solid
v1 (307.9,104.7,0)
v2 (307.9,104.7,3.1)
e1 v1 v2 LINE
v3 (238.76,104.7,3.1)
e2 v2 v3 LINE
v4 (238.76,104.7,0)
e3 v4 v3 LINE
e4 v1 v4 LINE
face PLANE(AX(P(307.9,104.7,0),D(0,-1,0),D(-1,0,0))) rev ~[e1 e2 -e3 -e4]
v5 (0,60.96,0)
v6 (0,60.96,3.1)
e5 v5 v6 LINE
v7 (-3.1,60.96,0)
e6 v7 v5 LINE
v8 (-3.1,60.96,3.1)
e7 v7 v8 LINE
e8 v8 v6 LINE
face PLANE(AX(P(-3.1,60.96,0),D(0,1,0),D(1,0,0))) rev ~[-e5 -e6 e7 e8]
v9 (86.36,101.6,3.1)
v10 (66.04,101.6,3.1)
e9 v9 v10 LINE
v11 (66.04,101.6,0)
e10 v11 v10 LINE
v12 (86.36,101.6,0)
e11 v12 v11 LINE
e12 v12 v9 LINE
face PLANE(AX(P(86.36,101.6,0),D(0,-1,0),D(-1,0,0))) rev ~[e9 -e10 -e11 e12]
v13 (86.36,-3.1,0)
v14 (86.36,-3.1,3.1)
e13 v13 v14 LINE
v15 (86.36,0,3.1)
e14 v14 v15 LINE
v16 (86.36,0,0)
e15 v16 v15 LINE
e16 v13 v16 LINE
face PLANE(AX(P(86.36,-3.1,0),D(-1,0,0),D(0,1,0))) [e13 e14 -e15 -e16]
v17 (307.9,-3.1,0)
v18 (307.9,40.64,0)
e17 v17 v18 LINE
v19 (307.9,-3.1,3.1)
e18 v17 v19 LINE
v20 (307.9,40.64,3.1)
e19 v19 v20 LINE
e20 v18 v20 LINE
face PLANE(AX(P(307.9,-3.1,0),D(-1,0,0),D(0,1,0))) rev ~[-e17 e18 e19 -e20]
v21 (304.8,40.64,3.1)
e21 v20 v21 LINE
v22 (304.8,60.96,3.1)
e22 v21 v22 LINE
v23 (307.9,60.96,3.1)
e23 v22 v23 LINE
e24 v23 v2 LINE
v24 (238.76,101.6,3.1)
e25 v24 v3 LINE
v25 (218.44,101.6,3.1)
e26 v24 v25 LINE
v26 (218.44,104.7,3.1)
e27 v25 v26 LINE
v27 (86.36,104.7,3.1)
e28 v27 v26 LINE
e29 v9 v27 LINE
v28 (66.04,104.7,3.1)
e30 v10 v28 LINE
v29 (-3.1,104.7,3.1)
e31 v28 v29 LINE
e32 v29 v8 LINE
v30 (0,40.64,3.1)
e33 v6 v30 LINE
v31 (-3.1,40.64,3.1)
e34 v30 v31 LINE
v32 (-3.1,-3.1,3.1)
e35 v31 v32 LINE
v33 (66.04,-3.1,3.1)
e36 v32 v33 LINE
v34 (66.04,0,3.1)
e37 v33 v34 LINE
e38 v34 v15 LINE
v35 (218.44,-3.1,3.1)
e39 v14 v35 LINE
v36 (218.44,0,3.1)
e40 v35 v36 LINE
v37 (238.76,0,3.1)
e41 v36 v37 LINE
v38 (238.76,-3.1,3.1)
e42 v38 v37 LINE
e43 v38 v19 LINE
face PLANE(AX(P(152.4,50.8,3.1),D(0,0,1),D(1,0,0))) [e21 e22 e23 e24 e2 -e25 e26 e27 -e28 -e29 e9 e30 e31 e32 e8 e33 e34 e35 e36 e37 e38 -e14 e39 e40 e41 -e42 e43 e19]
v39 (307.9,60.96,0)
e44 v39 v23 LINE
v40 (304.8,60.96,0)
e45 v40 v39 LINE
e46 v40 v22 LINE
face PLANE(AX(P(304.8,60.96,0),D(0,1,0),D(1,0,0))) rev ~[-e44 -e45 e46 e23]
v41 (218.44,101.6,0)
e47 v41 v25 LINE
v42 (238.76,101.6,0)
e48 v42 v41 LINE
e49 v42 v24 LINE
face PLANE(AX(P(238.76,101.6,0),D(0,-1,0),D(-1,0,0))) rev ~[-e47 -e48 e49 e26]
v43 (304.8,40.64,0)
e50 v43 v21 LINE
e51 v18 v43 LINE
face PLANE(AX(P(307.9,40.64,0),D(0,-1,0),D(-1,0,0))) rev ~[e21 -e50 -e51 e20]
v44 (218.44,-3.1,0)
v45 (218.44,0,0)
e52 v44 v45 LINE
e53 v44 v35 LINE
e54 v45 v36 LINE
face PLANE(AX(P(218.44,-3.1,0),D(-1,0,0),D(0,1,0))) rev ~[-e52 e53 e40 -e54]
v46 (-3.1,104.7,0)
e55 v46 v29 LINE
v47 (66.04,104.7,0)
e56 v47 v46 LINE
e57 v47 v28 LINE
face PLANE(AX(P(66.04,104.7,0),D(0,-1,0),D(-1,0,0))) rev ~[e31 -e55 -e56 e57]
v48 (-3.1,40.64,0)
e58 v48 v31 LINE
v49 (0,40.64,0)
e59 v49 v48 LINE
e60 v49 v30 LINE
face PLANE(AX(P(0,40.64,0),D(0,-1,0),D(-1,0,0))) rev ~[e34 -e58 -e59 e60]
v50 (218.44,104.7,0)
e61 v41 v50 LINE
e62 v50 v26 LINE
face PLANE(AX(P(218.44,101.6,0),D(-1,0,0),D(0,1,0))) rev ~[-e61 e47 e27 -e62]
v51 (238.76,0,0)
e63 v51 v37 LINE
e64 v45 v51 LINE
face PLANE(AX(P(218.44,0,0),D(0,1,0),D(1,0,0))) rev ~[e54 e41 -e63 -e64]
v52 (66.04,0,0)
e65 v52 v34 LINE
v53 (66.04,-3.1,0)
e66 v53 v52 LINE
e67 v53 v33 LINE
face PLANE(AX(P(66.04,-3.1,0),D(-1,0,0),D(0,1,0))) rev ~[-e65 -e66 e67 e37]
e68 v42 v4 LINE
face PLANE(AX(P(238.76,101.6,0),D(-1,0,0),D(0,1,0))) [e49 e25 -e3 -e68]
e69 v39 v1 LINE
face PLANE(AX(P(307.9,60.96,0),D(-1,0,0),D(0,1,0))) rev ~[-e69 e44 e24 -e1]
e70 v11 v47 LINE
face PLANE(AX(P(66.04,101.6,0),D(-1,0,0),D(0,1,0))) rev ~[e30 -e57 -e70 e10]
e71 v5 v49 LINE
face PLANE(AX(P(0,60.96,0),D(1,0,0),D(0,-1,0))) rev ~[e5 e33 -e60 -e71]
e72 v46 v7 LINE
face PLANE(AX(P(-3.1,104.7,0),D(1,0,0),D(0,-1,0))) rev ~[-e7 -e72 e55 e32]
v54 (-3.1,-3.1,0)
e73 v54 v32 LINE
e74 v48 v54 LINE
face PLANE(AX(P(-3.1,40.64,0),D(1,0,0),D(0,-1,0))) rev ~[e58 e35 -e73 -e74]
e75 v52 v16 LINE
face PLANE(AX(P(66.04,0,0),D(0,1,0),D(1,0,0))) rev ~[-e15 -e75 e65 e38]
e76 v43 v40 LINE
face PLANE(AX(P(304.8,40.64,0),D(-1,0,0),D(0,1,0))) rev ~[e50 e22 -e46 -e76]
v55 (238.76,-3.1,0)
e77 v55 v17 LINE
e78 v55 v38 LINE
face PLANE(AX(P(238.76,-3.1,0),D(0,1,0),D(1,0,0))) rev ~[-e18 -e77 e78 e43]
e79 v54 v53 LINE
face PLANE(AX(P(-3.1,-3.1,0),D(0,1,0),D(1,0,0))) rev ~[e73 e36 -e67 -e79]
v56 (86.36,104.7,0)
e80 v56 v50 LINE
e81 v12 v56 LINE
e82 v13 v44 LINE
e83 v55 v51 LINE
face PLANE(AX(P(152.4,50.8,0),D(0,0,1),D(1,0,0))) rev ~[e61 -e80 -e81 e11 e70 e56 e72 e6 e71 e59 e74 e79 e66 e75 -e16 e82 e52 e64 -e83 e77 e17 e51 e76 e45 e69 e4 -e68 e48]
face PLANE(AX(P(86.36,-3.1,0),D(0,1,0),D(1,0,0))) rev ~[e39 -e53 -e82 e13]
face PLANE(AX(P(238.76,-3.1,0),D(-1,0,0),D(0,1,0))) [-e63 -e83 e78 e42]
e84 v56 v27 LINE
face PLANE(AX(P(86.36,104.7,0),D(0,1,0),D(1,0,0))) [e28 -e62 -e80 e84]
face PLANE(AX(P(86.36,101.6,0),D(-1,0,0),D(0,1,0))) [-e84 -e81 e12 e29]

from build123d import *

# Parameters (mm, degrees)
F0_W     = 66.04
F0_H     = 3.1
F0_W_2   = 132.08
F1_DEPTH = 3.1


with BuildPart() as f1:
    # F0 (on Top) → F1 (new body)
    with BuildSketch(Plane.XY):
        Polygon((0, 40.64), (0, 0), (66.04, 0), (86.36, 0), (218.44, 0), (238.76, 0), (304.8, 0), (304.8, 40.64), (304.8, 60.96), (304.8, 101.6), (238.76, 101.6), (218.44, 101.6), (86.36, 101.6), (66.04, 101.6), (0, 101.6), (0, 60.96), align=None)
        Polygon((-3.1, 60.96), (0, 60.96), (0, 101.6), (0, 104.7), (-3.1, 104.7), align=None)
        with Locations((33.02, 103.15)):
            Rectangle(F0_W, F0_H)
        Polygon((0, -3.1), (0, 0), (0, 40.64), (-3.1, 40.64), (-3.1, -3.1), align=None)
        with Locations((33.02, -1.55)):
            Rectangle(F0_W, F0_H)
        with Locations((152.4, -1.55)):
            Rectangle(F0_W_2, F0_H)
        with Locations((152.4, 103.15)):
            Rectangle(F0_W_2, F0_H)
        with Locations((271.78, -1.55)):
            Rectangle(F0_W, F0_H)
        Polygon((304.8, 40.64), (304.8, 0), (304.8, -3.1), (307.9, -3.1), (307.9, 40.64), align=None)
        Polygon((304.8, 101.6), (304.8, 60.96), (307.9, 60.96), (307.9, 104.7), (304.8, 104.7), align=None)
        with Locations((271.78, 103.15)):
            Rectangle(F0_W, F0_H)
    extrude(amount=F1_DEPTH)


solid = f1.part
